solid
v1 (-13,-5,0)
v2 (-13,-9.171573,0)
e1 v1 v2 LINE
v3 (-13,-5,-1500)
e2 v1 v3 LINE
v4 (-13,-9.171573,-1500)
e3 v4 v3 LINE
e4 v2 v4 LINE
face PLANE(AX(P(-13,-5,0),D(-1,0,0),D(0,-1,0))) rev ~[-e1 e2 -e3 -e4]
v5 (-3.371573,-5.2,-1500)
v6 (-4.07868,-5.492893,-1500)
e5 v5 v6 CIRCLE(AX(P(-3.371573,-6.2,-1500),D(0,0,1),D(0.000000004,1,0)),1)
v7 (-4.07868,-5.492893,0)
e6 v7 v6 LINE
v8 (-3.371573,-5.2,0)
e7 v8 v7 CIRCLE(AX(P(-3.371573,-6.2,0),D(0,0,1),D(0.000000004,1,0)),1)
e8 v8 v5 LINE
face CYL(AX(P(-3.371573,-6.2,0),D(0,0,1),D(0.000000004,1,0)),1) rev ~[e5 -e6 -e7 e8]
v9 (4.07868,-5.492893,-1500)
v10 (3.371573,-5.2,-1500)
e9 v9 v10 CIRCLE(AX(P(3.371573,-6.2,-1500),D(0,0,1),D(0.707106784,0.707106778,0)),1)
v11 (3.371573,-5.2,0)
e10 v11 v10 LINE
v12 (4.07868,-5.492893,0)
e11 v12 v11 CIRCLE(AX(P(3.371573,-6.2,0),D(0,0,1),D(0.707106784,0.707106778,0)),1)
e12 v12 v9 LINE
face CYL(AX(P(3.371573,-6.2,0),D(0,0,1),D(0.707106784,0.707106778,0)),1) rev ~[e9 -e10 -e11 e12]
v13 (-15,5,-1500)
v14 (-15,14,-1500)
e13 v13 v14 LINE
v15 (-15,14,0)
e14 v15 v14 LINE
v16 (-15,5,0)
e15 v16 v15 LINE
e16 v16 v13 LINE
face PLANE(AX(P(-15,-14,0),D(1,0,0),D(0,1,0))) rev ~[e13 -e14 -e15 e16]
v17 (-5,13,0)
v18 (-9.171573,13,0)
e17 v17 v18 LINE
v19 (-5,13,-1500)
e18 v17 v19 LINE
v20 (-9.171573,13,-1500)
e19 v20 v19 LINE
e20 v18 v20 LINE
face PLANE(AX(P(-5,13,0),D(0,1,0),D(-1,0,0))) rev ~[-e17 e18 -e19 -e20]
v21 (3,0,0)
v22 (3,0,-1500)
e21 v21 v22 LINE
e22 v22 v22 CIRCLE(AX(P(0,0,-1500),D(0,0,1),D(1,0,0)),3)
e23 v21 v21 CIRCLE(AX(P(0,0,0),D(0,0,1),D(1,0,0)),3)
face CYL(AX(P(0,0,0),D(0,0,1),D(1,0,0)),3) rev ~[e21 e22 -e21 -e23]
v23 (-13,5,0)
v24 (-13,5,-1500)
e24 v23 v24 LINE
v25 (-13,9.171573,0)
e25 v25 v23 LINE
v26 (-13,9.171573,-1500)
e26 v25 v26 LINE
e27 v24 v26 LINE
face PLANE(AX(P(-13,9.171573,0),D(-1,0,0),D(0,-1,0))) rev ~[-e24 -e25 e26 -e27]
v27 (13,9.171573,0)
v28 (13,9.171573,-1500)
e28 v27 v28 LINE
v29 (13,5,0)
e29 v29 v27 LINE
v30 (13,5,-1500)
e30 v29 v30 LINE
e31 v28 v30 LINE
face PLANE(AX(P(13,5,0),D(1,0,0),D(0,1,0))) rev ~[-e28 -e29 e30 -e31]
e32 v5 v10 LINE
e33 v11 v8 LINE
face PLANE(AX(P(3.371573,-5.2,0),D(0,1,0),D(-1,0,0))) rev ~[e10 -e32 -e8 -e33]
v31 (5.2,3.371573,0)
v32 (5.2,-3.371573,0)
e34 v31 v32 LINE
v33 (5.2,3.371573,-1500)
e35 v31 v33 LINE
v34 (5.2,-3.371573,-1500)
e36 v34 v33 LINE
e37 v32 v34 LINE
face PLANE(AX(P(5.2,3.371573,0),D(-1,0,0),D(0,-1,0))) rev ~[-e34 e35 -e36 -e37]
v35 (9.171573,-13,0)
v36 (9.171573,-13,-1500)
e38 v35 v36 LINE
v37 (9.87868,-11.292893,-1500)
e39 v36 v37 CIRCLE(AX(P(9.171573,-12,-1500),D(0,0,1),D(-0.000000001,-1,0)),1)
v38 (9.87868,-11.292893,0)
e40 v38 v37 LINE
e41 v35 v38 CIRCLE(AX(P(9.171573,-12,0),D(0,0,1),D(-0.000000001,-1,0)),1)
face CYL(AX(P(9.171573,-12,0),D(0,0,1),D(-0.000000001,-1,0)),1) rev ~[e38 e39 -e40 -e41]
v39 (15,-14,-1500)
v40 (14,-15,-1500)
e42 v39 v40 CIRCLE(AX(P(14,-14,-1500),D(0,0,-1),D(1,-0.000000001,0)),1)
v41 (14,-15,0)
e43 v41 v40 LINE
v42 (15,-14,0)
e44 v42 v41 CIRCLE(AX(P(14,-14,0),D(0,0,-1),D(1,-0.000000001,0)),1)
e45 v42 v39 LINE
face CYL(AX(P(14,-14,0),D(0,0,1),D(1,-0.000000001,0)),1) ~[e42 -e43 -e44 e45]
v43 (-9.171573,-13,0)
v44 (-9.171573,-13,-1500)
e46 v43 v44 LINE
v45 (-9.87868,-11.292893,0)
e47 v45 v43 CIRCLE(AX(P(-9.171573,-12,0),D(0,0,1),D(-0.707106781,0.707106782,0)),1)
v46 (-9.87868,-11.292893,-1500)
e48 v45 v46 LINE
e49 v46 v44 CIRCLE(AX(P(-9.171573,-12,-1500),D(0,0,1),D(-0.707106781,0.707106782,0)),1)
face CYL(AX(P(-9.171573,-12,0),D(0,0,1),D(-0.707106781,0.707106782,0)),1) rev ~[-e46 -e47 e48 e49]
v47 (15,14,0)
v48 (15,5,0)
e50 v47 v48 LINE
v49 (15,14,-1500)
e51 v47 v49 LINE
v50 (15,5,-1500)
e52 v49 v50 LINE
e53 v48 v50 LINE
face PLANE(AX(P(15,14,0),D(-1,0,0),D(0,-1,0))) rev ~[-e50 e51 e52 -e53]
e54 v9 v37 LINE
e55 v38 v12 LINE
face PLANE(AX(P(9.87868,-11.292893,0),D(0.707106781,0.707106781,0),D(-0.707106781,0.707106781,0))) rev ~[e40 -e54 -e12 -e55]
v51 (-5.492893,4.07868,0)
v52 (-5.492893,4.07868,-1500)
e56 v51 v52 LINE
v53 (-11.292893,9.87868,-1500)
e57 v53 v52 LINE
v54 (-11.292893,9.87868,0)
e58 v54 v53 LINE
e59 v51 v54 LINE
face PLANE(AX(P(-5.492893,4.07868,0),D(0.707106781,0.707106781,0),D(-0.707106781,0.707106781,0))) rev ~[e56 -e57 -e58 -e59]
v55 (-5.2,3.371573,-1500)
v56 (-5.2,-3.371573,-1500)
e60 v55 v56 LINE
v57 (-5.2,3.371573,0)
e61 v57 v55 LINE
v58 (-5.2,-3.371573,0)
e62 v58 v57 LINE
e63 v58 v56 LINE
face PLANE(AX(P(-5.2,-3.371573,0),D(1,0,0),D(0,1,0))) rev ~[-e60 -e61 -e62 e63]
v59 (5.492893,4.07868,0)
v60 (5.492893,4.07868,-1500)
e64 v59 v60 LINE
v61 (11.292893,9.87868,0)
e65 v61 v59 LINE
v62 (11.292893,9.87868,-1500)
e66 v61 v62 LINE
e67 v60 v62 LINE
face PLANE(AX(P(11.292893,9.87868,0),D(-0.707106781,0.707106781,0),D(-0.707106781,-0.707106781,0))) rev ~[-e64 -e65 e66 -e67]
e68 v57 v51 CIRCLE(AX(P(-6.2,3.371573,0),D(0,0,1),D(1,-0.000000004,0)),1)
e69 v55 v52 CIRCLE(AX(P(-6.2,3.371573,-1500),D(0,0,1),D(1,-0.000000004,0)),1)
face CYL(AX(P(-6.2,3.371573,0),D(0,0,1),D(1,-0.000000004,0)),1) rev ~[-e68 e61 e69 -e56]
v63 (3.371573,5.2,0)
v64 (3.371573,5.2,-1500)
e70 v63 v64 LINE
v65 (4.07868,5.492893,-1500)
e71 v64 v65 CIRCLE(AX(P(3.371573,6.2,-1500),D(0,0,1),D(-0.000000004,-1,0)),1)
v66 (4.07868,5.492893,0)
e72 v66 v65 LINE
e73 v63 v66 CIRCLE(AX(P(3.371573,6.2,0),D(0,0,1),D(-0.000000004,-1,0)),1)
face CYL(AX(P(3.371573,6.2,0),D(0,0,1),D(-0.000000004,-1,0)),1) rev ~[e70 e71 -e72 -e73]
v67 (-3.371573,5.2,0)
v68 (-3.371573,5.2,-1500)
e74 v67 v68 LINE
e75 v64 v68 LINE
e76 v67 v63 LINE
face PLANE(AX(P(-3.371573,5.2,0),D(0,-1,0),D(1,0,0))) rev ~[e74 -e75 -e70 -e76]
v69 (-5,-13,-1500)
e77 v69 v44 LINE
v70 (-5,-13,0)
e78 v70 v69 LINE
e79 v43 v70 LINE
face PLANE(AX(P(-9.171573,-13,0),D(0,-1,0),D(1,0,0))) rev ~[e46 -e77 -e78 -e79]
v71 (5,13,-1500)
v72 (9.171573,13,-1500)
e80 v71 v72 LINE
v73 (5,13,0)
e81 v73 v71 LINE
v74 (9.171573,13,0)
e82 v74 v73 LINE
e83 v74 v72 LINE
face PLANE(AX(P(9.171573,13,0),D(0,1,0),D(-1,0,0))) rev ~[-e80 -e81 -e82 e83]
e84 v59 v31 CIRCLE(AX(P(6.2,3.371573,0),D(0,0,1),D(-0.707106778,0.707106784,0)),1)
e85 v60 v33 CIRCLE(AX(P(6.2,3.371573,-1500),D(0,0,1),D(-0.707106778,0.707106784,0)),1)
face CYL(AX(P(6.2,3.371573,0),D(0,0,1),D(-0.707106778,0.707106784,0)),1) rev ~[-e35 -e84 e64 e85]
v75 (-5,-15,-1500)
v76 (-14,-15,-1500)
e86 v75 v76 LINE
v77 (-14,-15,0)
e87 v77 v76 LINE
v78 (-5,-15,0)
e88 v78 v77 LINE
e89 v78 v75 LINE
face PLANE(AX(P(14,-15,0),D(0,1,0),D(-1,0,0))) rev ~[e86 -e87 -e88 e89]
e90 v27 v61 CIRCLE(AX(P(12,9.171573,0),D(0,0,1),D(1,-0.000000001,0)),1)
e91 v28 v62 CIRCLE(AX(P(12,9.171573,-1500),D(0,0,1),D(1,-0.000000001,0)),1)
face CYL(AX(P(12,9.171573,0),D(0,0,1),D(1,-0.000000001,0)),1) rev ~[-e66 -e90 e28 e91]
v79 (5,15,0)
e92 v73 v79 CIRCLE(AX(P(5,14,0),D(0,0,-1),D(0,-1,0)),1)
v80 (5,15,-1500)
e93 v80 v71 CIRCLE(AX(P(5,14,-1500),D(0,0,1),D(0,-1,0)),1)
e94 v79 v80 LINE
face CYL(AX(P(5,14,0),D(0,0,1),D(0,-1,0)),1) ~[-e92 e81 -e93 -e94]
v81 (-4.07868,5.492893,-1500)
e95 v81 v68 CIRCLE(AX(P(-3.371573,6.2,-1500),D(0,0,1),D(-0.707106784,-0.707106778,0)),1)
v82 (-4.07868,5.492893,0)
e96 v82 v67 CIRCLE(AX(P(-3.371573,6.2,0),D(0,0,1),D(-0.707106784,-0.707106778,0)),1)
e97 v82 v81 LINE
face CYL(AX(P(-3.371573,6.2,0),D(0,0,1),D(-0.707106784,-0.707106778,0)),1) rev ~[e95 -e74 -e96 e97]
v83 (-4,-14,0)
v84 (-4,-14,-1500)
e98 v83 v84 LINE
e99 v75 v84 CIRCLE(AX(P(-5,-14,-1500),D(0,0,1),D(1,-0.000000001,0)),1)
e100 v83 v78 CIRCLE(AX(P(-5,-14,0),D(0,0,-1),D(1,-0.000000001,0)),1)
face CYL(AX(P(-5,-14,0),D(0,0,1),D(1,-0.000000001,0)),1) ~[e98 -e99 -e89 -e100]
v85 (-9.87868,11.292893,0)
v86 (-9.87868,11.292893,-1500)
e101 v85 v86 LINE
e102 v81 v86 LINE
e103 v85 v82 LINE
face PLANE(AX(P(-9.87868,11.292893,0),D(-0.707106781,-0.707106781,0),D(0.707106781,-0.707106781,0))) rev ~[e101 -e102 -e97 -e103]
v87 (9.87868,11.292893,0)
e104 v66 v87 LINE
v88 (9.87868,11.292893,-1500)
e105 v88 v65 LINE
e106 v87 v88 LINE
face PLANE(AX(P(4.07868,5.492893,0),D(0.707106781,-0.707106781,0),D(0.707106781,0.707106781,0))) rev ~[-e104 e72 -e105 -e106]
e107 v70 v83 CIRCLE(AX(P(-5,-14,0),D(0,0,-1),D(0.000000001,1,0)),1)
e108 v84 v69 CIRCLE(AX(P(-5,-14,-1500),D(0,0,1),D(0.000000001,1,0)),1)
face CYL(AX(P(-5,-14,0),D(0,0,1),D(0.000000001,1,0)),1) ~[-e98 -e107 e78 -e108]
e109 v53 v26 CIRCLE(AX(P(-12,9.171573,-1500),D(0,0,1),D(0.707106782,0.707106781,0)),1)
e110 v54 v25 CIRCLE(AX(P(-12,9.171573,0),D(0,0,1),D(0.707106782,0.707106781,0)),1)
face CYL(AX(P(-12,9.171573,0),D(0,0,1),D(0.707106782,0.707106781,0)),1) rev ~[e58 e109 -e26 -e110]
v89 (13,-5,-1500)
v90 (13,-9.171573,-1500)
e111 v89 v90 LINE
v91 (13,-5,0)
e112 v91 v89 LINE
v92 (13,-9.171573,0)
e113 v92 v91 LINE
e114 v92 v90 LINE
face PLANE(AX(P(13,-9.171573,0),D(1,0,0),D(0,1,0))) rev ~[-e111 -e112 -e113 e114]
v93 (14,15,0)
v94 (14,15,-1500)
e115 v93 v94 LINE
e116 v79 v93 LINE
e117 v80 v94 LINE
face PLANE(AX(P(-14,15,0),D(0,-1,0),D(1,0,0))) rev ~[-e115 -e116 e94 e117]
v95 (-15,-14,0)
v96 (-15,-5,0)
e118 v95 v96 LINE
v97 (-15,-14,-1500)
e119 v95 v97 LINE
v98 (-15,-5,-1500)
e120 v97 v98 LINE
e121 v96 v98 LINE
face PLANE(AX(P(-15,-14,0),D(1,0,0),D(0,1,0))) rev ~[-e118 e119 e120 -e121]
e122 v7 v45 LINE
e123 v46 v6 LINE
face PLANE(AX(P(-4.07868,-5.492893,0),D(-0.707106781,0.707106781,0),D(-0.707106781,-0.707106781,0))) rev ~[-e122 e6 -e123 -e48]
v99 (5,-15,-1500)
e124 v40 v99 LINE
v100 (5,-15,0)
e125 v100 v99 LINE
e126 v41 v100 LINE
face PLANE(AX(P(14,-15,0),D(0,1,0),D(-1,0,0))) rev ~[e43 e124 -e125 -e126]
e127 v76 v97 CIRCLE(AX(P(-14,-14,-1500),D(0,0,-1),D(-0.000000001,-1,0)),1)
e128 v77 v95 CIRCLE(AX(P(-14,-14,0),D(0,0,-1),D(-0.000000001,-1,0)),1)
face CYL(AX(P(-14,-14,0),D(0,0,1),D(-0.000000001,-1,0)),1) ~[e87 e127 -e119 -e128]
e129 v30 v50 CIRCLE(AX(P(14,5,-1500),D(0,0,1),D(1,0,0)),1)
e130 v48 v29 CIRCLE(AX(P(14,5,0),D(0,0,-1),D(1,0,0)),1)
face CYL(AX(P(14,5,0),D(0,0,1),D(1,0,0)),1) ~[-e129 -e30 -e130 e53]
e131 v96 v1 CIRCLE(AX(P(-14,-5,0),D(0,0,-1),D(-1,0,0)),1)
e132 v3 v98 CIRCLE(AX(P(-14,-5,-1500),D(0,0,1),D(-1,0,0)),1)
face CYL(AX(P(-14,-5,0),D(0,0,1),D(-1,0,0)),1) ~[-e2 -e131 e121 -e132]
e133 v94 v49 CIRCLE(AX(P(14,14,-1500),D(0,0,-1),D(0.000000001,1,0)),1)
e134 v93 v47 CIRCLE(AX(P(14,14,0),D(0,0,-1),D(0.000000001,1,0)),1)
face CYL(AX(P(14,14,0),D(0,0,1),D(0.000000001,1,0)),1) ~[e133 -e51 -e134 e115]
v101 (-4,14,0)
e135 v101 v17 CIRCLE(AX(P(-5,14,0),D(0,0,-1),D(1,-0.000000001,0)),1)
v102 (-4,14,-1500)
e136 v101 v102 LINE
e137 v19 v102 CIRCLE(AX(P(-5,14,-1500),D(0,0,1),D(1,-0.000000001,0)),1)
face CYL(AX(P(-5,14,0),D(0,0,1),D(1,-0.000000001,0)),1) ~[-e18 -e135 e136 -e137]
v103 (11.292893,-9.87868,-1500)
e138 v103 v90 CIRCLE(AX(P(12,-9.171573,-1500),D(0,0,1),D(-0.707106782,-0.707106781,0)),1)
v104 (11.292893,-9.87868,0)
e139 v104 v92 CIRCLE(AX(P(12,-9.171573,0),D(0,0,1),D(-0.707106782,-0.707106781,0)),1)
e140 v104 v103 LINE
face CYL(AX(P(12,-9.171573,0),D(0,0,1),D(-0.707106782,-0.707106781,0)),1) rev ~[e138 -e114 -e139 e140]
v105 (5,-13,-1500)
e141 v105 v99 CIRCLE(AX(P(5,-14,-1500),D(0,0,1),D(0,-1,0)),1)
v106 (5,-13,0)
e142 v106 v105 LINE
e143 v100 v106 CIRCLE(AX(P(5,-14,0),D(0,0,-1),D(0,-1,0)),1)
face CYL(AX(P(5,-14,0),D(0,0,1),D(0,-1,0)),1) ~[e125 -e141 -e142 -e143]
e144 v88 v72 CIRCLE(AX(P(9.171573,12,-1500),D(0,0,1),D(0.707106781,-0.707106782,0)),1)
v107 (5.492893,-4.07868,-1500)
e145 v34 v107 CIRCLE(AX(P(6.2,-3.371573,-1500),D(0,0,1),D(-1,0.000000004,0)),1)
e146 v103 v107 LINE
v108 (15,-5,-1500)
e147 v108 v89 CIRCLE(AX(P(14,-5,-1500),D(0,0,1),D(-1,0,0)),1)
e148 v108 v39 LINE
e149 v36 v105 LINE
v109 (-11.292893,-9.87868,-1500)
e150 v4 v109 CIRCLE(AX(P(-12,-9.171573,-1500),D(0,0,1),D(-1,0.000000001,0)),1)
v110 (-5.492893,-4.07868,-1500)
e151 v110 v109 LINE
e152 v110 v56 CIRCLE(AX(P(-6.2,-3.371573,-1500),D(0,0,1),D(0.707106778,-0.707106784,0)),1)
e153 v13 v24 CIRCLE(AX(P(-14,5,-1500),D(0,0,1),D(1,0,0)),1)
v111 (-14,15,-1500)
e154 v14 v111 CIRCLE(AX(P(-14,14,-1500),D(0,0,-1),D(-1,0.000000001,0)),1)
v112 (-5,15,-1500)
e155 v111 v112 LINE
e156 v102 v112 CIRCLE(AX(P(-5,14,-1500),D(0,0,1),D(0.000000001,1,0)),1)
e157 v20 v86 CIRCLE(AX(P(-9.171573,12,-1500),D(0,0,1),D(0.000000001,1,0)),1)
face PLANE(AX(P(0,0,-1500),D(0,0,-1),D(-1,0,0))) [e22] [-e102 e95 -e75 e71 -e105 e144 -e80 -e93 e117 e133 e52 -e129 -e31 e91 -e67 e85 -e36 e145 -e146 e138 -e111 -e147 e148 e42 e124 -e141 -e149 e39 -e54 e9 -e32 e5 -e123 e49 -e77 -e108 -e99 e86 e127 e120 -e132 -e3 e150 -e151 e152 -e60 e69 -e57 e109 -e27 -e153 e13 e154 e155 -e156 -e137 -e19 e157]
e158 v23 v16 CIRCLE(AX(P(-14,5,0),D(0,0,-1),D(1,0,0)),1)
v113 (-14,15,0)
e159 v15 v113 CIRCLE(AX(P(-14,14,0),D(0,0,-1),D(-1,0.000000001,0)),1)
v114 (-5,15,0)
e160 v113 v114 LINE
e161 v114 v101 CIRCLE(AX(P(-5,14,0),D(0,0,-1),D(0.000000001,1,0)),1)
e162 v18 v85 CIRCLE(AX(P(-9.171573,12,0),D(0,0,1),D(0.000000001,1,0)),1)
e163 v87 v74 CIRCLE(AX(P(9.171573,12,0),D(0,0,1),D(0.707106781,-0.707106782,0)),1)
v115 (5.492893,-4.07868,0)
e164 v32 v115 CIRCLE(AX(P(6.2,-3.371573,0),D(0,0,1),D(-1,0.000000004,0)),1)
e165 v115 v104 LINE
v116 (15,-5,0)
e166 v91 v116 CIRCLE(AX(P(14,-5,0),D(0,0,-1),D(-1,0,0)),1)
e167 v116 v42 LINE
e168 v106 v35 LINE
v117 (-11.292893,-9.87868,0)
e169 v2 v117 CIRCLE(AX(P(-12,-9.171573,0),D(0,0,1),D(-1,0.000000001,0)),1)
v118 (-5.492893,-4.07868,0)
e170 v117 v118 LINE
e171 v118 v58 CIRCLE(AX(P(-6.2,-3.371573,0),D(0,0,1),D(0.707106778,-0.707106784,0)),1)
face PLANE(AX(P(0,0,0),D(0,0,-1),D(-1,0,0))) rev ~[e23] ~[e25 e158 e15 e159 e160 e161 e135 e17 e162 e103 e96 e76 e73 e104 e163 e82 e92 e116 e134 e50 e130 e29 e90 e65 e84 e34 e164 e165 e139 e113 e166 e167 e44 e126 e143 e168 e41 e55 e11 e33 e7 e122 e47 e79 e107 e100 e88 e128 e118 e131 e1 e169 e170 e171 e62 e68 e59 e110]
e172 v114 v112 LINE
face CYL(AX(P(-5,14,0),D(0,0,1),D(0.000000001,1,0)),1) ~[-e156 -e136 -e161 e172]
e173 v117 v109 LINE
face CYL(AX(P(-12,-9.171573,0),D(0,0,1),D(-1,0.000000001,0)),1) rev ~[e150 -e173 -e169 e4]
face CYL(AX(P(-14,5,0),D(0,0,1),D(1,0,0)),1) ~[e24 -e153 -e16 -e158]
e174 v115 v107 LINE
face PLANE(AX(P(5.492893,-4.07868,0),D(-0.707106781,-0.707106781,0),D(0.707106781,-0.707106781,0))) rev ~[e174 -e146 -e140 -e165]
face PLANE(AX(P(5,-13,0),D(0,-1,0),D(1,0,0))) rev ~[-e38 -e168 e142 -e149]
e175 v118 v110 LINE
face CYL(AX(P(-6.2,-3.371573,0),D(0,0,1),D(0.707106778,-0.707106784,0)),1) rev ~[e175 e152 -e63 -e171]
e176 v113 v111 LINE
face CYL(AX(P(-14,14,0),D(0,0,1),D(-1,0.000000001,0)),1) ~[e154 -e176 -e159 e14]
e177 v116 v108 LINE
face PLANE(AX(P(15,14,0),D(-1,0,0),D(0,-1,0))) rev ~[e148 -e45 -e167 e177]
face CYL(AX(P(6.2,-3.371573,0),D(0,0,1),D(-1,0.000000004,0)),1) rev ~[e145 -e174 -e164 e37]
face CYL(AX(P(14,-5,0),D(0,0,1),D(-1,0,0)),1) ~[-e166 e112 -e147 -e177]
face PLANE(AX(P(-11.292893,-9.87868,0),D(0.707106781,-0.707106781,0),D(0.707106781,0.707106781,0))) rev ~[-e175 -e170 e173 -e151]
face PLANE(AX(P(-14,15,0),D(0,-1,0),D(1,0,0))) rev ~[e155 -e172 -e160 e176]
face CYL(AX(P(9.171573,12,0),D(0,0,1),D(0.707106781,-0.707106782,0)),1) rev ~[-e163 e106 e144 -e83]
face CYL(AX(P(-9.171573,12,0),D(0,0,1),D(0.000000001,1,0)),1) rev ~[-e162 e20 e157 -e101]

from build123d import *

# Parameters (mm, degrees)
SALIENTE_EXTRUIR1_DEPTH = 1500
CROQUIS2_R              = 3
CORTAR_EXTRUIR1_DEPTH   = 1501.149992501
CORTAR_EXTRUIR3_DEPTH   = 1501.149992501


with BuildPart() as part:
    # Croquis1 → Saliente-Extruir1 (new body)
    with BuildSketch(Plane.XY):
        with BuildLine():
            Line((-14, 15), (14, 15))
            ThreePointArc((14, 15), (14.707106781, 14.707106781), (15, 14))
            Line((15, 14), (15, -14))
            ThreePointArc((15, -14), (14.707106781, -14.707106781), (14, -15))
            Line((14, -15), (-14, -15))
            ThreePointArc((-14, -15), (-14.707106781, -14.707106781), (-15, -14))
            Line((-15, -14), (-15, 14))
            ThreePointArc((-15, 14), (-14.707106781, 14.707106781), (-14, 15))
        make_face()
    extrude(amount=-SALIENTE_EXTRUIR1_DEPTH)

    # Croquis2 → Cortar-Extruir1 (cut, through all)
    with BuildSketch(Plane.XY):
        Circle(CROQUIS2_R)
    extrude(amount=-CORTAR_EXTRUIR1_DEPTH, mode=Mode.SUBTRACT)

    # Croquis3 → Cortar-Extruir3 (cut, through all)
    with BuildSketch(Plane.XY):
        with BuildLine():
            Line((-5.492893219, 4.078679656), (-11.292893219, 9.878679656))
            ThreePointArc((-11.292893219, 9.878679656), (-12.382683432, 10.095452408), (-13, 9.171572875))
            Line((-13, 9.171572875), (-13, 5))
            ThreePointArc((-13, 5), (-14, 4), (-15, 5))
            Line((-15, 5), (-15, -5))
            ThreePointArc((-15, -5), (-14, -4), (-13, -5))
            Line((-13, -5), (-13, -9.171572875))
            ThreePointArc((-13, -9.171572875), (-12.382683432, -10.095452408), (-11.292893219, -9.878679656))
            Line((-11.292893219, -9.878679656), (-5.492893219, -4.078679656))
            ThreePointArc((-5.492893219, -4.078679656), (-5.276120467, -3.754256308), (-5.2, -3.371572875))
            Line((-5.2, -3.371572875), (-5.2, 3.371572875))
            ThreePointArc((-5.2, 3.371572875), (-5.276120467, 3.754256308), (-5.492893219, 4.078679656))
        make_face()
        with BuildLine():
            ThreePointArc((-9.171572875, 13), (-10.095452408, 12.382683432), (-9.878679656, 11.292893219))
            Line((-9.878679656, 11.292893219), (-4.078679656, 5.492893219))
            ThreePointArc((-4.078679656, 5.492893219), (-3.754256308, 5.276120467), (-3.371572875, 5.2))
            Line((-3.371572875, 5.2), (3.371572875, 5.2))
            ThreePointArc((3.371572875, 5.2), (3.754256308, 5.276120467), (4.078679656, 5.492893219))
            Line((4.078679656, 5.492893219), (9.878679656, 11.292893219))
            ThreePointArc((9.878679656, 11.292893219), (10.095452408, 12.382683432), (9.171572875, 13))
            Line((9.171572875, 13), (5, 13))
            ThreePointArc((5, 13), (4, 14), (5, 15))
            Line((5, 15), (-5, 15))
            ThreePointArc((-5, 15), (-4.292893219, 14.707106781), (-4, 14))
            ThreePointArc((-4, 14), (-4.292893219, 13.292893219), (-5, 13))
            Line((-5, 13), (-9.171572875, 13))
        make_face()
        with BuildLine():
            Line((9.878679656, -11.292893219), (4.078679656, -5.492893219))
            ThreePointArc((4.078679656, -5.492893219), (3.754256308, -5.276120467), (3.371572875, -5.2))
            Line((3.371572875, -5.2), (-3.371572875, -5.2))
            ThreePointArc((-3.371572875, -5.2), (-3.754256308, -5.276120467), (-4.078679656, -5.492893219))
            Line((-4.078679656, -5.492893219), (-9.878679656, -11.292893219))
            ThreePointArc((-9.878679656, -11.292893219), (-10.095452408, -12.382683432), (-9.171572875, -13))
            Line((-9.171572875, -13), (-5, -13))
            ThreePointArc((-5, -13), (-4.292893219, -13.292893219), (-4, -14))
            ThreePointArc((-4, -14), (-4.292893219, -14.707106781), (-5, -15))
            Line((-5, -15), (5, -15))
            ThreePointArc((5, -15), (4, -14), (5, -13))
            Line((5, -13), (9.171572875, -13))
            ThreePointArc((9.171572875, -13), (10.095452408, -12.382683432), (9.878679656, -11.292893219))
        make_face()
        with BuildLine():
            ThreePointArc((13, 9.171572875), (12.382683432, 10.095452408), (11.292893219, 9.878679656))
            Line((11.292893219, 9.878679656), (5.492893219, 4.078679656))
            ThreePointArc((5.492893219, 4.078679656), (5.276120467, 3.754256308), (5.2, 3.371572875))
            Line((5.2, 3.371572875), (5.2, -3.371572875))
            ThreePointArc((5.2, -3.371572875), (5.276120467, -3.754256308), (5.492893219, -4.078679656))
            Line((5.492893219, -4.078679656), (11.292893219, -9.878679656))
            ThreePointArc((11.292893219, -9.878679656), (12.382683432, -10.095452408), (13, -9.171572875))
            Line((13, -9.171572875), (13, -5))
            ThreePointArc((13, -5), (14, -4), (15, -5))
            Line((15, -5), (15, 5))
            ThreePointArc((15, 5), (14, 4), (13, 5))
            Line((13, 5), (13, 9.171572875))
        make_face()
    extrude(amount=-CORTAR_EXTRUIR3_DEPTH, mode=Mode.SUBTRACT)


solid = part.part
